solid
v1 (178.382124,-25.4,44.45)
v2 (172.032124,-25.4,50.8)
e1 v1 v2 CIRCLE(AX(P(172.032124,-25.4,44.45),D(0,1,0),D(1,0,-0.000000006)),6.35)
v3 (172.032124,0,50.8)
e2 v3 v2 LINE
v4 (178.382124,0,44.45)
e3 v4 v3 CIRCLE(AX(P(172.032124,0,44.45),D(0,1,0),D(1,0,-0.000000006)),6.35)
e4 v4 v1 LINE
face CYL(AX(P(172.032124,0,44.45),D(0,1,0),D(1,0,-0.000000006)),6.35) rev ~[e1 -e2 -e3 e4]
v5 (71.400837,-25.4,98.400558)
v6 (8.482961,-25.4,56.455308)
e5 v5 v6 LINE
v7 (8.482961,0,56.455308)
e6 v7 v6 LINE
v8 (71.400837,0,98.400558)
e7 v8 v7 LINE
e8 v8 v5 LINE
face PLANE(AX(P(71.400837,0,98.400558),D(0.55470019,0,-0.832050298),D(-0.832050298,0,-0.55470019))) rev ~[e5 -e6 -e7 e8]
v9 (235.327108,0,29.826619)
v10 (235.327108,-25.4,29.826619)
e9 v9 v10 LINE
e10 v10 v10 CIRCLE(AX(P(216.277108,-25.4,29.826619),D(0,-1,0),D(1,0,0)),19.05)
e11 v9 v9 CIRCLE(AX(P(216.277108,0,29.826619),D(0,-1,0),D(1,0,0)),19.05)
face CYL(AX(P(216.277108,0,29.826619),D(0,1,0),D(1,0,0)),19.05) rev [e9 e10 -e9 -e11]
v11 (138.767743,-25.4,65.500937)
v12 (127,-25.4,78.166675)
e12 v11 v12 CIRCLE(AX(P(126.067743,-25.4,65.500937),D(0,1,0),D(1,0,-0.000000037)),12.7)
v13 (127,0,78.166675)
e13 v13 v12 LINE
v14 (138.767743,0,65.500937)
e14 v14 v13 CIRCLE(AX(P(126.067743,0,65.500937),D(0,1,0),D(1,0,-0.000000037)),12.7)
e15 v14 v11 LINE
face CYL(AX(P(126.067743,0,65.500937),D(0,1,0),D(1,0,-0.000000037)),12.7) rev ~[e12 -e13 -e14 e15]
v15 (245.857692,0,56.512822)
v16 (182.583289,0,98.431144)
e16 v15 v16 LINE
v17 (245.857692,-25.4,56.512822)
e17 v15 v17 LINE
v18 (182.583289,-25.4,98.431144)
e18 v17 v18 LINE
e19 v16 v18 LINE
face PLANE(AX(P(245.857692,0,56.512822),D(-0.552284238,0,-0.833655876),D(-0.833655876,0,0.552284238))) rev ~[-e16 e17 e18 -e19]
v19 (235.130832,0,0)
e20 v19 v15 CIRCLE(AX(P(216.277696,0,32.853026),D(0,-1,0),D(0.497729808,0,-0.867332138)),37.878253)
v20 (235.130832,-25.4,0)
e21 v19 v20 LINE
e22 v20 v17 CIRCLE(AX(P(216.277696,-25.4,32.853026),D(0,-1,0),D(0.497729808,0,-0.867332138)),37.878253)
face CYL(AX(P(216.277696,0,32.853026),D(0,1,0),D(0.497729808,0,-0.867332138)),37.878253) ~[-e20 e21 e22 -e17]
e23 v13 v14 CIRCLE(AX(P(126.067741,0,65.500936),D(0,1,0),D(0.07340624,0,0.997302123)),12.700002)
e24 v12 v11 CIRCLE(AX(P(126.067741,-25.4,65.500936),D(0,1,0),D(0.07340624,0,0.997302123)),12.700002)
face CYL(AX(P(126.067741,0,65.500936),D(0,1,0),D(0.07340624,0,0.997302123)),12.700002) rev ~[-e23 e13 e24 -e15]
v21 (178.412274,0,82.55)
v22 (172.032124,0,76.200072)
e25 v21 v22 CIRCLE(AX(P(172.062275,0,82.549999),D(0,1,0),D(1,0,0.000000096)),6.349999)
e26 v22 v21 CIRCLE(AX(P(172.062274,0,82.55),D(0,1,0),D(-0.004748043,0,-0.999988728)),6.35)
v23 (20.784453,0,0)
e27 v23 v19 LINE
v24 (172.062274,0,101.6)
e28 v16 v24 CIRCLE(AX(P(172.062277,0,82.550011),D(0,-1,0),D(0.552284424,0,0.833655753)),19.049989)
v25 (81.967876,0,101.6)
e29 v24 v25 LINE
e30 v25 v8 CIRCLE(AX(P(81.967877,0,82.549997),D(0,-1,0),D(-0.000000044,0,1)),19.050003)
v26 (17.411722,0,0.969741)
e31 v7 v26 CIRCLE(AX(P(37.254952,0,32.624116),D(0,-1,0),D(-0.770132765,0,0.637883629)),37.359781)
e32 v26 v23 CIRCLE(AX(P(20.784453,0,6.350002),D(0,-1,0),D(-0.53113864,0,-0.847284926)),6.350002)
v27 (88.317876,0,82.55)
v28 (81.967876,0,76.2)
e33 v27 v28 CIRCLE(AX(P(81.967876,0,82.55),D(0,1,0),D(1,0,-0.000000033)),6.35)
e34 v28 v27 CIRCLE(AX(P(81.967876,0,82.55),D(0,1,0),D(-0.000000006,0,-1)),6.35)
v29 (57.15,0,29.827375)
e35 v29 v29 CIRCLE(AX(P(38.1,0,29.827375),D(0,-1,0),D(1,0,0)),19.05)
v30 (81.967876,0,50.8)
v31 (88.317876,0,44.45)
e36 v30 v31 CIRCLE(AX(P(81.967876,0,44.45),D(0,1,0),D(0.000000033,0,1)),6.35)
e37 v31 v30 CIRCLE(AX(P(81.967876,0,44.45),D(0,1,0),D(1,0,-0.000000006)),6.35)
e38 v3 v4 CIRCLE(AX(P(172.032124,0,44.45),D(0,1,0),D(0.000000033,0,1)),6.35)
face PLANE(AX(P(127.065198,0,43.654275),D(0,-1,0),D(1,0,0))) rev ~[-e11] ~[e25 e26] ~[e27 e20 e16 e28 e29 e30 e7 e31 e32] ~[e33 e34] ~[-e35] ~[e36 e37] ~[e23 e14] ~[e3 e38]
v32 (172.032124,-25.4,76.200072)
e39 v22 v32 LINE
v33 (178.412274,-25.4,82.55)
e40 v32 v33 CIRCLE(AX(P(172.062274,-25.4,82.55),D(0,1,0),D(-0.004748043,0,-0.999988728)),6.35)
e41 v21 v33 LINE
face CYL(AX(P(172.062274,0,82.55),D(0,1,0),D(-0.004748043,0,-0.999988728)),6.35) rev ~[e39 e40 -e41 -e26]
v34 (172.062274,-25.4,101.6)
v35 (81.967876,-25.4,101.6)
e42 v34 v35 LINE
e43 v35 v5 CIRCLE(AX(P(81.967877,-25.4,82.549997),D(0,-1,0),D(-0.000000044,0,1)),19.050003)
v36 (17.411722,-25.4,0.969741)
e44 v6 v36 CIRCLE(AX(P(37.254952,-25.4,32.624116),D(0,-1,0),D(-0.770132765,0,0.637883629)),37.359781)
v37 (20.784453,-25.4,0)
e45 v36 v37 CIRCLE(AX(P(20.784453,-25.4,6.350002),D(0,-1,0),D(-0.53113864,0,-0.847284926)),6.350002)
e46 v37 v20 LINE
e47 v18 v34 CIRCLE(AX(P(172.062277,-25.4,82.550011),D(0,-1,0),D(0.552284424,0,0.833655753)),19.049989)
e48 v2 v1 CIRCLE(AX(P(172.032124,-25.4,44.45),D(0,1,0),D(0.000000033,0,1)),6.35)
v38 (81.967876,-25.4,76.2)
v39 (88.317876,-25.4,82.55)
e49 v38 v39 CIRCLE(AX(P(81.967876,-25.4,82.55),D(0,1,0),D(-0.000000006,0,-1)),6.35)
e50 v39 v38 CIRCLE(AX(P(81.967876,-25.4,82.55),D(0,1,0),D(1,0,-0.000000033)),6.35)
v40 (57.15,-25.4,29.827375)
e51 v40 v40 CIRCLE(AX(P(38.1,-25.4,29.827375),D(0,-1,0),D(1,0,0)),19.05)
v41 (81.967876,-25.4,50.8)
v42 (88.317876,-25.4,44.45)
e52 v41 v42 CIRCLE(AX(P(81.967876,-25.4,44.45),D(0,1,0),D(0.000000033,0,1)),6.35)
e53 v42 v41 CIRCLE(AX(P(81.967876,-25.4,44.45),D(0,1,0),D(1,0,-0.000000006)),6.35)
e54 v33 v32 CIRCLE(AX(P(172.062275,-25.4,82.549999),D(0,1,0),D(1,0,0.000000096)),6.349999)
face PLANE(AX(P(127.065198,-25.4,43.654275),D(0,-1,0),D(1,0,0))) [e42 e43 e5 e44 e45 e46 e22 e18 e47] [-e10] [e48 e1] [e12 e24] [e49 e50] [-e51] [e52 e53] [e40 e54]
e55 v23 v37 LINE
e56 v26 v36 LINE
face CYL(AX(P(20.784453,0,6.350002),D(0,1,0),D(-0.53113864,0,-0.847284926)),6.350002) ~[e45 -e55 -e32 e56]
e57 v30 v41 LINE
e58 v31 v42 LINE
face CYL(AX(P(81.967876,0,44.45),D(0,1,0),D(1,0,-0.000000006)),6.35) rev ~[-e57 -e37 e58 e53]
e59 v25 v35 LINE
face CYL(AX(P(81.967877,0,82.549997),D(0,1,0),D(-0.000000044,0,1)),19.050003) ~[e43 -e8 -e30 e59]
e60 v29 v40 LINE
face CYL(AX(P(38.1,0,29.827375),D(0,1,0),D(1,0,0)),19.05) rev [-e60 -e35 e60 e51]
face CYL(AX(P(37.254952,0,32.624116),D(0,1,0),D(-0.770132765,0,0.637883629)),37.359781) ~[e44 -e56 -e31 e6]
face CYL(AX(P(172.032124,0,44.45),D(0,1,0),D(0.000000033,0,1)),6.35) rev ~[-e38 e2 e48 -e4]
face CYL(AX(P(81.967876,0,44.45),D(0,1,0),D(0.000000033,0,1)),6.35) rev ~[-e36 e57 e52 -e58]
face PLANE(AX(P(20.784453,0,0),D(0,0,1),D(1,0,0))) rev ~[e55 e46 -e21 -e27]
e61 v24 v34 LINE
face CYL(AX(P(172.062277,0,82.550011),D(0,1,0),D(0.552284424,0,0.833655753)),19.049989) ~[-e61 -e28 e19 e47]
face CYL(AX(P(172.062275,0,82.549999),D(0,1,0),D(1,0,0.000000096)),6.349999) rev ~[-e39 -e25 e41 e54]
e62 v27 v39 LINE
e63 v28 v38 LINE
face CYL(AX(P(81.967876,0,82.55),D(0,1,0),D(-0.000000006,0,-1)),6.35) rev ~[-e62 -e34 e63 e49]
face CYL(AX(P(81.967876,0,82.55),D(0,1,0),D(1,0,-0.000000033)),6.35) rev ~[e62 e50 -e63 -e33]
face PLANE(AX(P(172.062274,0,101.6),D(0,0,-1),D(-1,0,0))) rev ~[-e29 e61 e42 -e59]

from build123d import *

# Parameters (mm, degrees)
F0_R     = 19.05
F1_DEPTH = 25.4


with BuildPart() as f1:
    # F0 (on Front) → F1 (new body)
    with BuildSketch(Plane.XZ):
        with BuildLine():
            ThreePointArc((17.411722, 0.969741), (19.029765, 0.247249), (20.784453, 0))
            Line((20.784453, 0), (235.130832, 0))
            ThreePointArc((235.130832, 0), (253.491495, 25.789369), (245.857692, 56.512822))
            Line((245.857692, 56.512822), (182.583289, 98.431144))
            ThreePointArc((182.583289, 98.431144), (177.556212, 100.790591), (172.062274, 101.6))
            Line((172.062274, 101.6), (127, 101.6))
            Line((127, 101.6), (81.967876, 101.6))
            ThreePointArc((81.967876, 101.6), (76.447488, 100.782603), (71.400837, 98.400558))
            Line((71.400837, 98.400558), (8.482961, 56.455308))
            ThreePointArc((8.482961, 56.455308), (0.369698, 26.688525), (17.411722, 0.969741))
        make_face()
        with Locations((38.1, 29.827375)):
            Circle(F0_R, mode=Mode.SUBTRACT)
        with BuildLine():
            ThreePointArc((88.317876, 44.45), (77.477748, 39.959872), (81.967876, 50.8))
            ThreePointArc((81.967876, 50.8), (86.458004, 48.940128), (88.317876, 44.45))
        make_face(mode=Mode.SUBTRACT)
        with BuildLine():
            ThreePointArc((178.382124, 44.45), (167.541996, 39.959872), (172.032124, 50.8))
            ThreePointArc((172.032124, 50.8), (176.522252, 48.940128), (178.382124, 44.45))
        make_face(mode=Mode.SUBTRACT)
        with Locations((216.277108, 29.826619)):
            Circle(F0_R, mode=Mode.SUBTRACT)
        with BuildLine():
            ThreePointArc((138.767743, 65.500937), (116.76372, 56.856565), (127, 78.166675))
            ThreePointArc((127, 78.166675), (135.371765, 74.145309), (138.767743, 65.500937))
        make_face(mode=Mode.SUBTRACT)
        with BuildLine():
            ThreePointArc((88.317876, 82.55), (86.458004, 78.059872), (81.967876, 76.2))
            ThreePointArc((81.967876, 76.2), (77.477748, 87.040128), (88.317876, 82.55))
        make_face(mode=Mode.SUBTRACT)
        with BuildLine():
            ThreePointArc((178.412274, 82.55), (176.54173, 78.049225), (172.032124, 76.200072))
            ThreePointArc((172.032124, 76.200072), (167.582818, 87.050775), (178.412274, 82.55))
        make_face(mode=Mode.SUBTRACT)
    extrude(amount=F1_DEPTH)


solid = f1.part
